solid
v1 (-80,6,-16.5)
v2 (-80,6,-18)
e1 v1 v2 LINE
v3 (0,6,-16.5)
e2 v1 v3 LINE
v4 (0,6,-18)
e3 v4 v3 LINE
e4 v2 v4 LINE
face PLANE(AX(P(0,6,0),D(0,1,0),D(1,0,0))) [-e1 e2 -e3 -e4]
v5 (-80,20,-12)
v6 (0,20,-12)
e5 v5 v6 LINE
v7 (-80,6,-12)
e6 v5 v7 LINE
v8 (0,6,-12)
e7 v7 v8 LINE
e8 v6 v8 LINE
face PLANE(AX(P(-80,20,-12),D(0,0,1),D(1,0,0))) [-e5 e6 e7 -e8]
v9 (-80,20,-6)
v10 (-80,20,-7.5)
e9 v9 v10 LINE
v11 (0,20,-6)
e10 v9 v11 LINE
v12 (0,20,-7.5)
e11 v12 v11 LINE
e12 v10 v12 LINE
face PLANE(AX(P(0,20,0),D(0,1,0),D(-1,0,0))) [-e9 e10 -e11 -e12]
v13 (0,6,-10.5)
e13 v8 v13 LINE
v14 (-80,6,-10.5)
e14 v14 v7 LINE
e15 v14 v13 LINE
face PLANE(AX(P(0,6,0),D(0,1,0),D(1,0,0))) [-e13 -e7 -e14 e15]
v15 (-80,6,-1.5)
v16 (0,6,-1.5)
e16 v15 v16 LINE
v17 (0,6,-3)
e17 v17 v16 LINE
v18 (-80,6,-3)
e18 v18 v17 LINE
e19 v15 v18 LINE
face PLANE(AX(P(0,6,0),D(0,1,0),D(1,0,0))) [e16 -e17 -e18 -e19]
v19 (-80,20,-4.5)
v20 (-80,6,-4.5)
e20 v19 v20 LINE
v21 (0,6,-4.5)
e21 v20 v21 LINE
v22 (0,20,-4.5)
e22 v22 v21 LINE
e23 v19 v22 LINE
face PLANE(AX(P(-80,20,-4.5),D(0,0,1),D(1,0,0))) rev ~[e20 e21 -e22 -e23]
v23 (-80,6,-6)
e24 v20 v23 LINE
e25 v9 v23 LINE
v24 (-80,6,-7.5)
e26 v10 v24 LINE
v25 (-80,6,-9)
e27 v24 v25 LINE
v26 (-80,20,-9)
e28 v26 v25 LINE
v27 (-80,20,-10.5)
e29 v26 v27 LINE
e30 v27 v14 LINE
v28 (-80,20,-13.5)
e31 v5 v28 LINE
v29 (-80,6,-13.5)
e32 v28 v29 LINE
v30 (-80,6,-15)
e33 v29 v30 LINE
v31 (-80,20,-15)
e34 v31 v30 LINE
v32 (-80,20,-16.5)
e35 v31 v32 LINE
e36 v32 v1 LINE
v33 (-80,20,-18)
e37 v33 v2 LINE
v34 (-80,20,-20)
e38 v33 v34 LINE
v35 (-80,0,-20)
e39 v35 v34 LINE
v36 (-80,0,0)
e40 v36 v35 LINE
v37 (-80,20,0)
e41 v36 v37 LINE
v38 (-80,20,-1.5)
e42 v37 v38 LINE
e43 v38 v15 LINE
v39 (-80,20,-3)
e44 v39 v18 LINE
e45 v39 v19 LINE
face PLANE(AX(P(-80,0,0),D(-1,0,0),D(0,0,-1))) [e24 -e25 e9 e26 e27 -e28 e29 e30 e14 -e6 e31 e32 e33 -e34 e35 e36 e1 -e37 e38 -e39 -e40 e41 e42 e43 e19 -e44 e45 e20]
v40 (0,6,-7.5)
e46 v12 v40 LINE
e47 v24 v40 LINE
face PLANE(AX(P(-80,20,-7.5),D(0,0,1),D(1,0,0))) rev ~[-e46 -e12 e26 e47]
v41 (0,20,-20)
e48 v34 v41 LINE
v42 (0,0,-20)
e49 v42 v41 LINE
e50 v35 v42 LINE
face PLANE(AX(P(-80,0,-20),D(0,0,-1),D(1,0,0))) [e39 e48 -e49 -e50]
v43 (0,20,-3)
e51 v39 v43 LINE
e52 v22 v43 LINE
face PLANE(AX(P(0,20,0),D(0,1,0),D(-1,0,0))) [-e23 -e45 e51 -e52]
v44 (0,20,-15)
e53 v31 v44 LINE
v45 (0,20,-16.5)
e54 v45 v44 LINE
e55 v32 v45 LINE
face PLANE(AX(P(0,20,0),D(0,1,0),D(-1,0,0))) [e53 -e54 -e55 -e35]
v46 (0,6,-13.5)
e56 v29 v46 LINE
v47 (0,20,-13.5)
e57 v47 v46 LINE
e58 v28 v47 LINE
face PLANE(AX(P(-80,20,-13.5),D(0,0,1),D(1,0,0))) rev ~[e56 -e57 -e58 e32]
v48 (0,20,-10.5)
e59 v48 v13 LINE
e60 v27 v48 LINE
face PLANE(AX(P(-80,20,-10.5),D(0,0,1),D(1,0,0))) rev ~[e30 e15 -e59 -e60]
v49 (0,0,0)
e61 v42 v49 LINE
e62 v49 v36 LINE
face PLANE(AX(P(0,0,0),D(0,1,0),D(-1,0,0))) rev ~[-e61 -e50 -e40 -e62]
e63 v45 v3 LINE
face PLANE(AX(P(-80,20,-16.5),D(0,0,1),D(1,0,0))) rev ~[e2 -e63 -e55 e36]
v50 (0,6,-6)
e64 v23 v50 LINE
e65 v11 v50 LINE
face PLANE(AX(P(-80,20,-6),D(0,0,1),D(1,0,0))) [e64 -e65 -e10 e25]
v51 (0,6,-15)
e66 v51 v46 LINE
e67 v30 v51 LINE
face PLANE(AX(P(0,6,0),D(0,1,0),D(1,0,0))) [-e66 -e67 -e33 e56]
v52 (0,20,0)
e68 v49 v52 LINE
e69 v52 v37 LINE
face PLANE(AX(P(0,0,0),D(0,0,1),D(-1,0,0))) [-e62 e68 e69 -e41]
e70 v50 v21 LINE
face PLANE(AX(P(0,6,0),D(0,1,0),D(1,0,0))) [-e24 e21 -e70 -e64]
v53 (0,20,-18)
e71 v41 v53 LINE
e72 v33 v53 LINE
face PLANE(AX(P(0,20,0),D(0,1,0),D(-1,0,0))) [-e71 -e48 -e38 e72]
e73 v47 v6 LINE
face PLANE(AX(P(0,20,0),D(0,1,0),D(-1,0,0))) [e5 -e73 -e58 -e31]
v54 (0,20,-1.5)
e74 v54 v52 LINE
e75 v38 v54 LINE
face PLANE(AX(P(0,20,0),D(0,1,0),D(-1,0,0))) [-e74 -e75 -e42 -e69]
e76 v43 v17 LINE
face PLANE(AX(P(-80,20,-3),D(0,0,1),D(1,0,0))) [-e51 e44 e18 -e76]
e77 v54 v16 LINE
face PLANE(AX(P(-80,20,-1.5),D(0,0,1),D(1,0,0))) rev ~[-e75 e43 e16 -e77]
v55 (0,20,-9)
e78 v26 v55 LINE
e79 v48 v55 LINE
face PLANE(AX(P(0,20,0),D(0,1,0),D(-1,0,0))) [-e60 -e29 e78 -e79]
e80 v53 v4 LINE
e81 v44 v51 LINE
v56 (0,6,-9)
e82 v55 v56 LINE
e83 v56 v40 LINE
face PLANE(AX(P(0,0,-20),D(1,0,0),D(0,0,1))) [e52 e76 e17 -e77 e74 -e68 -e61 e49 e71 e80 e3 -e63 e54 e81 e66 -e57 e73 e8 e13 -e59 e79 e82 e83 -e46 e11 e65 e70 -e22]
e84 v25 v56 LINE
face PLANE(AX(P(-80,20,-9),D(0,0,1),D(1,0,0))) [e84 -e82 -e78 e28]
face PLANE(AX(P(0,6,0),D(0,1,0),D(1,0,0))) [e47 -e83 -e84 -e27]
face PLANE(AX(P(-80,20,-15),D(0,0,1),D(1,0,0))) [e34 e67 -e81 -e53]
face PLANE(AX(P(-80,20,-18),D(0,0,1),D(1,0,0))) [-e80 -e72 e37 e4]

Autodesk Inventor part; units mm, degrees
ref_plane "YZ Plane" through (0, 0, 0) normal (1, 0, 0) x (0, 1, 0)
ref_plane "XZ Plane" through (0, 0, 0) normal (0, 1, 0) x (-1, 0, 0)
ref_plane "XY Plane" through (0, 0, 0) normal (0, 0, 1) x (1, 0, 0)
sketch "Sketch1" plane through (0, 0, 0) normal (0, 1, 0) x (-1, 0, 0)
  line L0 (0, 0) -> (80, 0)
  line L1 (80, 0) -> (80, -20)
  line L2 (80, -20) -> (0, -20)
  line L3 (0, -20) -> (0, 0)
  dimension "d0" = 80
  dimension "d1" = 20
extrude "Extrusion1" add sketch "Sketch1" along normal blind 20
sketch "Sketch2" plane through (0, 20, 0) normal (0, 1, 0) x (1, 0, 0)
  line L0 (0, 20) -> (-80, 20) projected
  line L1 (0, 0) -> (-80, 0)
  line L2 (-80, 0) -> (-80, 20)
  line L3 (-80, 20) -> (0, 20)
  line L4 (0, 20) -> (0, 0)
  line L5 (-80, 0) -> (-80, 2)
  dimension "d4" = 2
sketch "Sketch3" plane through (0, 20, 0) normal (0, 1, 0) x (1, 0, 0)
  line L0 (-80, 0) -> (0, 0) projected
  line L1 (0, 0) -> (-80, 0)
  line L2 (-80, 0) -> (-80, 1.5)
  line L3 (-80, 1.5) -> (0, 1.5)
  line L4 (0, 1.5) -> (0, 0)
  line L5 (0, 1.5) -> (-80, 1.5)
  line L6 (-80, 1.5) -> (-80, 3)
  line L7 (-80, 3) -> (0, 3)
  line L8 (0, 3) -> (0, 1.5)
  line L9 (0, 3) -> (-80, 3)
  line L10 (-80, 3) -> (-80, 4.5)
  line L11 (-80, 4.5) -> (0, 4.5)
  line L12 (0, 4.5) -> (0, 3)
  line L13 (0, 4.5) -> (-80, 4.5)
  line L14 (-80, 4.5) -> (-80, 6)
  line L15 (-80, 6) -> (0, 6)
  line L16 (0, 6) -> (0, 4.5)
  line L17 (0, 6) -> (-80, 6)
  line L18 (-80, 6) -> (-80, 7.5)
  line L19 (-80, 7.5) -> (0, 7.5)
  line L20 (0, 7.5) -> (0, 6)
  line L21 (0, 7.5) -> (-80, 7.5)
  line L22 (-80, 7.5) -> (-80, 9)
  line L23 (-80, 9) -> (0, 9)
  line L24 (0, 9) -> (0, 7.5)
  line L25 (0, 9) -> (-80, 9)
  line L26 (-80, 9) -> (-80, 10.5)
  line L27 (-80, 10.5) -> (0, 10.5)
  line L28 (0, 10.5) -> (0, 9)
  line L29 (0, 10.5) -> (-80, 10.5)
  line L30 (-80, 10.5) -> (-80, 12)
  line L31 (-80, 12) -> (0, 12)
  line L32 (0, 12) -> (0, 10.5)
  line L33 (0, 12) -> (-80, 12)
  line L34 (-80, 12) -> (-80, 13.5)
  line L35 (-80, 13.5) -> (0, 13.5)
  line L36 (0, 13.5) -> (0, 12)
  line L37 (0, 13.5) -> (-80, 13.5)
  line L38 (-80, 13.5) -> (-80, 15)
  line L39 (-80, 15) -> (0, 15)
  line L40 (0, 15) -> (0, 13.5)
  line L41 (0, 15) -> (-80, 15)
  line L42 (-80, 15) -> (-80, 16.5)
  line L43 (-80, 16.5) -> (0, 16.5)
  line L44 (0, 16.5) -> (0, 15)
  line L45 (0, 16.5) -> (-80, 16.5)
  line L46 (-80, 16.5) -> (-80, 18)
  line L47 (-80, 18) -> (0, 18)
  line L48 (0, 18) -> (0, 16.5)
  line L49 (0, 18) -> (-80, 18)
  line L50 (-80, 18) -> (-80, 19.5)
  line L51 (-80, 19.5) -> (0, 19.5)
  line L52 (0, 19.5) -> (0, 18)
  dimension "d5" = 80
  dimension "d6" = 1.5
  dimension "d7" = 80
  dimension "d8" = 1.5
  dimension "d9" = 80
  dimension "d10" = 1.5
  dimension "d11" = 80
  dimension "d12" = 1.5
  dimension "d13" = 80
  dimension "d14" = 1.5
  dimension "d15" = 80
  dimension "d16" = 1.5
  dimension "d17" = 80
  dimension "d18" = 1.5
  dimension "d19" = 80
  dimension "d20" = 1.5
  dimension "d21" = 80
  dimension "d22" = 1.5
  dimension "d23" = 80
  dimension "d24" = 1.5
  dimension "d25" = 80
  dimension "d26" = 1.5
  dimension "d27" = 80
  dimension "d28" = 1.5
  dimension "d29" = 80
  dimension "d30" = 1.5
extrude "Extrusion2" cut sketch "Sketch3" against normal blind 14 contours L6 L7 L8 L3 | L14 L15 L16 L11 | L22 L23 L24 L19 | L30 L31 L32 L27 | L38 L39 L40 L35 | L46 L47 L48 L43
properties part number "heatsink"
